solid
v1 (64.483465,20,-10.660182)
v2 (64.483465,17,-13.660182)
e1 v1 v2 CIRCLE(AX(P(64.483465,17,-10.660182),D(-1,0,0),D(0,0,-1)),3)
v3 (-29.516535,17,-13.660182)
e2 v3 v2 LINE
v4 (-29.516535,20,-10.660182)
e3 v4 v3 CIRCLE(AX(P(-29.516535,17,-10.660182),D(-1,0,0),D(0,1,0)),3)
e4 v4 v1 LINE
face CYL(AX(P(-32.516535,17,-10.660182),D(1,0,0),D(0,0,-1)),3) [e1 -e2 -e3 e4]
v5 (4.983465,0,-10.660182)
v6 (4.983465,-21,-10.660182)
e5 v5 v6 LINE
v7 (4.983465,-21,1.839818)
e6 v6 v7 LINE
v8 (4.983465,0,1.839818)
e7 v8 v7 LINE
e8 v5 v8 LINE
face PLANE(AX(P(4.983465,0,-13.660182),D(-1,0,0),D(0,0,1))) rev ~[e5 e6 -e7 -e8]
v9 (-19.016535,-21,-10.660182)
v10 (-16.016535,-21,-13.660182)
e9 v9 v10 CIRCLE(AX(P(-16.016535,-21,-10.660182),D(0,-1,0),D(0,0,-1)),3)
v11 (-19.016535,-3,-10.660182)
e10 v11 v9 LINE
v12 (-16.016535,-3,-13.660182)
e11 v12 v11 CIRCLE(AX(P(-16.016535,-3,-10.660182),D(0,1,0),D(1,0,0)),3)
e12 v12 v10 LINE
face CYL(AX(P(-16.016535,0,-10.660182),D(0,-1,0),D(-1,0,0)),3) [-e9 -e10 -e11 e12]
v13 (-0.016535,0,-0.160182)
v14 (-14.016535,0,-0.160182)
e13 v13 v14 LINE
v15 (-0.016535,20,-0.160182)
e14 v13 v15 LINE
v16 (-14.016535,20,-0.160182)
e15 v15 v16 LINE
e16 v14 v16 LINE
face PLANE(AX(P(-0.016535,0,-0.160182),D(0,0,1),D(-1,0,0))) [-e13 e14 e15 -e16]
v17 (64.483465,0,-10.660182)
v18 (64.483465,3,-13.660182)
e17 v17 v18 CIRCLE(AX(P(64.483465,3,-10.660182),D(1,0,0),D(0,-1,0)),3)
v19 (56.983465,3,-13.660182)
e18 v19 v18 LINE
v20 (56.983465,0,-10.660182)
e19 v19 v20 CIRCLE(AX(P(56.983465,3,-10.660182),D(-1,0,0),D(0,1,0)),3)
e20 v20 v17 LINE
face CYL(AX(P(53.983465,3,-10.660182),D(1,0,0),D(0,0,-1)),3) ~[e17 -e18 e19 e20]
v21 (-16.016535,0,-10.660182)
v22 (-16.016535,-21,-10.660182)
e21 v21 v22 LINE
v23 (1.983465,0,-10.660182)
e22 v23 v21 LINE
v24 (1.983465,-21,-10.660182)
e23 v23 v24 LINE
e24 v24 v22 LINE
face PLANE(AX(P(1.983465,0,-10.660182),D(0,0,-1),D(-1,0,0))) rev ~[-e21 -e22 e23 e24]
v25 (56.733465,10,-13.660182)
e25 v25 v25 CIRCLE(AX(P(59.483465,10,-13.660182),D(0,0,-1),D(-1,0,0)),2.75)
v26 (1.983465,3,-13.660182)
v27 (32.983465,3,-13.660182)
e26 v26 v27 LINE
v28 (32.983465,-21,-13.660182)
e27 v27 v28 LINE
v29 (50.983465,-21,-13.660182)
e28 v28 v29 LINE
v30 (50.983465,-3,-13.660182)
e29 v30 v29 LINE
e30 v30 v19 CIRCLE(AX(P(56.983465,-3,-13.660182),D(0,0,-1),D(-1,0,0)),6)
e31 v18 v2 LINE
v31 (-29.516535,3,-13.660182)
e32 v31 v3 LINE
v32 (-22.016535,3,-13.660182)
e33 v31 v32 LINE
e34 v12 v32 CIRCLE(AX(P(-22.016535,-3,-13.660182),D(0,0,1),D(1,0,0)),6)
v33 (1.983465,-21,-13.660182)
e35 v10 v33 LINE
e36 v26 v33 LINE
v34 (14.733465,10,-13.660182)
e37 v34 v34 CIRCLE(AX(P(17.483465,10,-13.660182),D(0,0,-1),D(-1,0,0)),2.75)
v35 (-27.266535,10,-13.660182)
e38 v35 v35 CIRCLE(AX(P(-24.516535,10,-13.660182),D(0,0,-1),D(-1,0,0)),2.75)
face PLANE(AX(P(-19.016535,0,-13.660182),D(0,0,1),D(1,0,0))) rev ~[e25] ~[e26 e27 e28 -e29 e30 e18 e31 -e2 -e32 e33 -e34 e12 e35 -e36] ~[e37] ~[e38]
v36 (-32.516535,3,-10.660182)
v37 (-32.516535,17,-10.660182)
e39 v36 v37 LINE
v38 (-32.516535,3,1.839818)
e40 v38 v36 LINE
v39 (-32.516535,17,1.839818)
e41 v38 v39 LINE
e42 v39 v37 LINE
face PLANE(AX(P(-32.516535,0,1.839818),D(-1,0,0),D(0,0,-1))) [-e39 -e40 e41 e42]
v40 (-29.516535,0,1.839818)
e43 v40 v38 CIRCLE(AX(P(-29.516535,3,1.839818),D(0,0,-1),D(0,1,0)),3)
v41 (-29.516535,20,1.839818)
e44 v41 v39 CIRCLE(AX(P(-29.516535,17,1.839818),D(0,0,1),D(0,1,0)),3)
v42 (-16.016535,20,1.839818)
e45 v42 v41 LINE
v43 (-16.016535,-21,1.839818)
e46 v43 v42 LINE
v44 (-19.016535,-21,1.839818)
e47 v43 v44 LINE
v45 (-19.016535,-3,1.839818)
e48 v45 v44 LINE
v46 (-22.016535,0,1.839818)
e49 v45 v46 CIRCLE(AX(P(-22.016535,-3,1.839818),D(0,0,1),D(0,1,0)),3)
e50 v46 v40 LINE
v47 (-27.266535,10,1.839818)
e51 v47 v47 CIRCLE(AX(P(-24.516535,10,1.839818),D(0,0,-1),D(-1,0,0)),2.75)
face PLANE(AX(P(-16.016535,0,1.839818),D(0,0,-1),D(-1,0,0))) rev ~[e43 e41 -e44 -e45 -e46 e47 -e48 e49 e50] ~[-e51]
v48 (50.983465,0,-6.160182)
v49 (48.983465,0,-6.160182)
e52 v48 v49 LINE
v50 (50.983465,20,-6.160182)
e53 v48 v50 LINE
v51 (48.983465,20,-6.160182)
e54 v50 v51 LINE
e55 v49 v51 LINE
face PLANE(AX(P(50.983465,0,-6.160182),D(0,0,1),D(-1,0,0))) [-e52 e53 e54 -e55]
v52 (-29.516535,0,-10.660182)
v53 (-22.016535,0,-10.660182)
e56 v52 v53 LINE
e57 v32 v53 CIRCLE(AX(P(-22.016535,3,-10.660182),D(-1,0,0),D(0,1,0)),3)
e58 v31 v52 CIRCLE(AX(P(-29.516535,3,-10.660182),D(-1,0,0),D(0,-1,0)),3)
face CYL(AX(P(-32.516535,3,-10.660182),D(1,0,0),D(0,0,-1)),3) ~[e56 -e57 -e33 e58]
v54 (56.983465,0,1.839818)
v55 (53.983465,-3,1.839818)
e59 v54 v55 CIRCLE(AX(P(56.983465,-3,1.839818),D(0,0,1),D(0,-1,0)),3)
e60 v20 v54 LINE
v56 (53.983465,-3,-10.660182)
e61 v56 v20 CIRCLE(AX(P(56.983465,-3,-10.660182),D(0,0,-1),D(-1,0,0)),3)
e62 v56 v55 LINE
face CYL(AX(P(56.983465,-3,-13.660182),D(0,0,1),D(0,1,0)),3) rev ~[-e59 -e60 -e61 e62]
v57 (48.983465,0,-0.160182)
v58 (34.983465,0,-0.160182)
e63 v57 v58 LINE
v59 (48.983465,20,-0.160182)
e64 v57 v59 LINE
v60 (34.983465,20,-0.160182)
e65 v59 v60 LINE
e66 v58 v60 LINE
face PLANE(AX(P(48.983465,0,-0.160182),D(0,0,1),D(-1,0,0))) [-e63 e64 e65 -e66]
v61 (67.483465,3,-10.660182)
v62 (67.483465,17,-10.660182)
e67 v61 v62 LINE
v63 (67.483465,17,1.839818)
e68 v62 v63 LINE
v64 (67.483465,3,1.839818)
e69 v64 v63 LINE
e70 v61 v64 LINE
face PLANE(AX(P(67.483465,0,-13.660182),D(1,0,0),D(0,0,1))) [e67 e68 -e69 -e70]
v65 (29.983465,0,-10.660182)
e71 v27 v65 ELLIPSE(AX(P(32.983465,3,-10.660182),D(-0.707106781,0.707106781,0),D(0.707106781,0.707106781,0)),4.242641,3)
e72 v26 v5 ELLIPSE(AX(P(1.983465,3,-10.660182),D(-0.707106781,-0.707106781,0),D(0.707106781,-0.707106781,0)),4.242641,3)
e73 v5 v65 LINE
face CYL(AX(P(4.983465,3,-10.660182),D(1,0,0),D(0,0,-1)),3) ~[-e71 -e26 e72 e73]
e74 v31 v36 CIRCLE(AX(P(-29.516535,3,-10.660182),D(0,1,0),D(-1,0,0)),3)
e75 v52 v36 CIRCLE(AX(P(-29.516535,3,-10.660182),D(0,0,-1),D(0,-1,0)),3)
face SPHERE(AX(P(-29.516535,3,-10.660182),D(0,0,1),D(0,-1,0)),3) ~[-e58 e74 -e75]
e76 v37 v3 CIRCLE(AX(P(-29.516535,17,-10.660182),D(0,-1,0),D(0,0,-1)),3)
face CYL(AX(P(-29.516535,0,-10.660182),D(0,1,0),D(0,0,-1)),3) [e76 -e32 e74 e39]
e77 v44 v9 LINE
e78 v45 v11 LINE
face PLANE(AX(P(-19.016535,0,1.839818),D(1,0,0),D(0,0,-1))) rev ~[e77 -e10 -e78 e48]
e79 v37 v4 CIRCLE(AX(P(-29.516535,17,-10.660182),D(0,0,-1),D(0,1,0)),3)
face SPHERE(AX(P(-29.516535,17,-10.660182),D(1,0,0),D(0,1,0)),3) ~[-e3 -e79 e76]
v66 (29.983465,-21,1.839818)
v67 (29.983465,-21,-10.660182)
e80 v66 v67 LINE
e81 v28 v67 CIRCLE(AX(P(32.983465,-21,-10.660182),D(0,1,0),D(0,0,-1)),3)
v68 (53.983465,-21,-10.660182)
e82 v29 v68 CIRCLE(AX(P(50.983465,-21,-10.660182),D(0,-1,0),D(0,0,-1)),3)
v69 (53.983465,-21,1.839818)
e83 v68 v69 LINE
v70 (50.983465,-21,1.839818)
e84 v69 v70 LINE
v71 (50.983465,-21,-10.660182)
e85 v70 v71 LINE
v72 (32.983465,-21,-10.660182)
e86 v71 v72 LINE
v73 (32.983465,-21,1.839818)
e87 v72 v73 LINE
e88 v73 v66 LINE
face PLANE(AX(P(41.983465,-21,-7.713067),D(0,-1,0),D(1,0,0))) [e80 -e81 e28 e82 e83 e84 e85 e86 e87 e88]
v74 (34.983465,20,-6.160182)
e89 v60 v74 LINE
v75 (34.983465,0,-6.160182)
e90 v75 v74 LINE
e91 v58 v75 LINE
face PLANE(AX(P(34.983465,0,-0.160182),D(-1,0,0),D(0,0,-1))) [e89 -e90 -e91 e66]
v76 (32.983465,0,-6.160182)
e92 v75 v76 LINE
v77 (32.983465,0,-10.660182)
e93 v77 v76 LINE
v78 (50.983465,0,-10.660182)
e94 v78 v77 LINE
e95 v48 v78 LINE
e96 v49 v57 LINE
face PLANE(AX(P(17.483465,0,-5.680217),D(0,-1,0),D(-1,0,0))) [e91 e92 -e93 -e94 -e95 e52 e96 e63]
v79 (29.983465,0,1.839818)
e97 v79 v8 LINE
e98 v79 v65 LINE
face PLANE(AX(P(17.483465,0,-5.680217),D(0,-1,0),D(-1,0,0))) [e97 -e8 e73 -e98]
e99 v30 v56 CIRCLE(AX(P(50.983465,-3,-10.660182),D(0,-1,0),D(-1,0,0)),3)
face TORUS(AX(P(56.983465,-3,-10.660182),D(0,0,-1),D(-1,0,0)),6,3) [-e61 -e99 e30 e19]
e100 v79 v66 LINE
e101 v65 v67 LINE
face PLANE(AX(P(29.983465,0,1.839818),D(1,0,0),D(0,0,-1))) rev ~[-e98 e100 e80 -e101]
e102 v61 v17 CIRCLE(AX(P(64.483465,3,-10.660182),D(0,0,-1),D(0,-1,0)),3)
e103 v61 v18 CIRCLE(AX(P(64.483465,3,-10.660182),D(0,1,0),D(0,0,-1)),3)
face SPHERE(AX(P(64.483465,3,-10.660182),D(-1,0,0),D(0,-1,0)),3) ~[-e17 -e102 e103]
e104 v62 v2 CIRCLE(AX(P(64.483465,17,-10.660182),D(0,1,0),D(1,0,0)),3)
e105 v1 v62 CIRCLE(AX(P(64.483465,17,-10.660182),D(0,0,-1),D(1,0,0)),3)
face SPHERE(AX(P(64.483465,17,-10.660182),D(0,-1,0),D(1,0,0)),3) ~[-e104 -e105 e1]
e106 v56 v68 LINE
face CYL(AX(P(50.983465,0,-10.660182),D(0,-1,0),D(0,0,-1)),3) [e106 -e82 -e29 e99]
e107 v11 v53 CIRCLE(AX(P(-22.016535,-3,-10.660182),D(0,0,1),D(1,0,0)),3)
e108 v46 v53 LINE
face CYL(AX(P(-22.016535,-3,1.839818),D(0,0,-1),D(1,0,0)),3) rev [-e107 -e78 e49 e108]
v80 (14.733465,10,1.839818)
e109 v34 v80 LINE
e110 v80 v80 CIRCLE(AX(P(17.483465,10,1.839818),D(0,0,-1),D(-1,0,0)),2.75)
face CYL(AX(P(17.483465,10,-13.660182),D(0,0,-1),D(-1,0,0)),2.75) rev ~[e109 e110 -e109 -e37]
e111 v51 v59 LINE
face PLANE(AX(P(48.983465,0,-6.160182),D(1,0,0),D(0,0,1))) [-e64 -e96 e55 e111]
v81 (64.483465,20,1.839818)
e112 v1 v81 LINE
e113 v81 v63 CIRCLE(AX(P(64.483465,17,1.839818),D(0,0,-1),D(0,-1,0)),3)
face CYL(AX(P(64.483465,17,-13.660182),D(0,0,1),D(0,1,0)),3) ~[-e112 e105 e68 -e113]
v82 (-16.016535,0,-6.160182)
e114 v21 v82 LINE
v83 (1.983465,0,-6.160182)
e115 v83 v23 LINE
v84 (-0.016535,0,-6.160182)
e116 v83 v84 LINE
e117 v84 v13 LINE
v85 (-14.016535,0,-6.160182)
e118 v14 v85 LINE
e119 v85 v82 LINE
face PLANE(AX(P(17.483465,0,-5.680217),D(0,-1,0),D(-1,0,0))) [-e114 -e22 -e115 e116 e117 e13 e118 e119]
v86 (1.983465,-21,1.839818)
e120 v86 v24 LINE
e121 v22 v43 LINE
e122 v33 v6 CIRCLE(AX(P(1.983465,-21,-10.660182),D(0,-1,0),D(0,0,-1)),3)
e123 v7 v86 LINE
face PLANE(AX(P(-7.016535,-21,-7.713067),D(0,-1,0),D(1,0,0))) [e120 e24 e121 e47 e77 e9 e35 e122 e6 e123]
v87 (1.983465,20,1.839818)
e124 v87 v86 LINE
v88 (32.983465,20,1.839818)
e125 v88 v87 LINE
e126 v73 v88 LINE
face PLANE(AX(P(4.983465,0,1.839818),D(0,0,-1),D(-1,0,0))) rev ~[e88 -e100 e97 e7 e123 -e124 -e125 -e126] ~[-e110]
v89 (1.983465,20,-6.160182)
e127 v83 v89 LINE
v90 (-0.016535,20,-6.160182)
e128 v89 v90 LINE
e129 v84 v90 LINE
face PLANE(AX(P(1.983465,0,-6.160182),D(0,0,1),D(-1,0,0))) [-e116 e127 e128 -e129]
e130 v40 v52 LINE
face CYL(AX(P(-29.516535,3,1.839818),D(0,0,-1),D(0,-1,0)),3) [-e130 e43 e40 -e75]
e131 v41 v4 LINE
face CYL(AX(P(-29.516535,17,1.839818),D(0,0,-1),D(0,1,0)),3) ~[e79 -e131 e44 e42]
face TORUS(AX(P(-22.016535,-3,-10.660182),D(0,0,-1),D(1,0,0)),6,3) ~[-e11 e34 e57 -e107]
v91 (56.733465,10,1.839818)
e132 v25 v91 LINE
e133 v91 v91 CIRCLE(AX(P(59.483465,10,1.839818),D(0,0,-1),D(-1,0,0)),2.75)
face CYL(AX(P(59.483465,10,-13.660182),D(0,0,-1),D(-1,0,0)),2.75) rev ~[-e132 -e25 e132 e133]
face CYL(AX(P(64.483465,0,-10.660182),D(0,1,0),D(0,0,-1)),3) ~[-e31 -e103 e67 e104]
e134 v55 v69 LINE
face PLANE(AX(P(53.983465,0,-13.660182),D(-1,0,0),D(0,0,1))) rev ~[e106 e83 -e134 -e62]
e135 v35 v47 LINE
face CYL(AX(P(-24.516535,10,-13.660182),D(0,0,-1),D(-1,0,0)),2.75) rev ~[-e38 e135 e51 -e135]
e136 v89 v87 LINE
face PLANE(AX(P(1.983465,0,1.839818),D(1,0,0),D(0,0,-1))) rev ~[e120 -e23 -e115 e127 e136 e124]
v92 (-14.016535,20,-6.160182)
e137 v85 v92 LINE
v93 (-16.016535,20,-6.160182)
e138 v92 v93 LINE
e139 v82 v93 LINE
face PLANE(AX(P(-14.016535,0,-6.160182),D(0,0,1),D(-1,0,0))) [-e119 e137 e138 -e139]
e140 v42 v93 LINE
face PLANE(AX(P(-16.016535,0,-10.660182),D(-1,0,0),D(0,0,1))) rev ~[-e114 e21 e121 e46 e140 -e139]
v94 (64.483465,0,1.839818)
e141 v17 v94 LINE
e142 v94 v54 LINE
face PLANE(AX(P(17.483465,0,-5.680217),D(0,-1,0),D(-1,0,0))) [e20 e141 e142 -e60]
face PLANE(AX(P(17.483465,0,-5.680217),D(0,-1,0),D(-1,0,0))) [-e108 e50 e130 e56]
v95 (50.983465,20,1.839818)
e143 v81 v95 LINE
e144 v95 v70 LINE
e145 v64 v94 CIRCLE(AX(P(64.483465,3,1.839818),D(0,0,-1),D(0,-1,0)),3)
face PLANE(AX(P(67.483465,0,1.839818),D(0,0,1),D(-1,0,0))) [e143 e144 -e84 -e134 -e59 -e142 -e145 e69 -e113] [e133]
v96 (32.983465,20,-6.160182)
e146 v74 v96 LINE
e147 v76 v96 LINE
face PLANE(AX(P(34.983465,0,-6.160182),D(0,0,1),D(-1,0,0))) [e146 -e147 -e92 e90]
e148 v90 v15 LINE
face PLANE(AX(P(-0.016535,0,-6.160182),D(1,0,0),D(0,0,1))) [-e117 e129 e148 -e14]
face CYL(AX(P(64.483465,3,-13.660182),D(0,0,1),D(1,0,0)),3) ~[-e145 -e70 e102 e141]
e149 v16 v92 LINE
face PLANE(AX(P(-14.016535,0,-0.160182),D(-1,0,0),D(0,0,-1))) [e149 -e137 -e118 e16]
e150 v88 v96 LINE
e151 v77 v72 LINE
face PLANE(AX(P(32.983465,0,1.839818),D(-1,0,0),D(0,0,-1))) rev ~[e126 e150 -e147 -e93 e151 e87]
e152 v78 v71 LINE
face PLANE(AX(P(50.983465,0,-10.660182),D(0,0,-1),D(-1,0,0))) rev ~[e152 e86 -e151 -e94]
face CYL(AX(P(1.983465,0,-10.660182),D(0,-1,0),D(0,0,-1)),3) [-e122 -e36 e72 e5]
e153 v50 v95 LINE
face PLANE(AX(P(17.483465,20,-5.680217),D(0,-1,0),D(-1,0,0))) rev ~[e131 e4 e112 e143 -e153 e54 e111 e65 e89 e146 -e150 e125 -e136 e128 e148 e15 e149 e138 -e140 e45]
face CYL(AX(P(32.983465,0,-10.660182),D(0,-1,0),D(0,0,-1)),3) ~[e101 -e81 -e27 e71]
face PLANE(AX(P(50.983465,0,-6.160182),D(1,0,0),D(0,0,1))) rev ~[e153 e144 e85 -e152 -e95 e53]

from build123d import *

# Parameters (mm, degrees)
BOSS_EXTRUDE1_DEPTH = 20
EXTRUDE_THIN3_DEPTH = 21
SKETCH3_R           = 2.75
CUT_EXTRUDE1_DEPTH  = 73.35515227
FILLET2_R           = 3


with BuildPart() as part:
    # Sketch1 → Boss-Extrude1 (new body)
    with BuildSketch(Plane(origin=(0, 0, 0), x_dir=(1, 0, 0), z_dir=(0, 1, 0))):
        Polygon((-32.516534914, -1.83981797), (-32.516534914, 13.66018203), (67.483465086, 13.66018203), (67.483465086, -1.83981797), (50.983465086, -1.83981797), (50.983465086, 1.63642231), (50.983465086, 6.16018203), (48.983465086, 6.16018203), (48.983465086, 0.16018203), (34.983465086, 0.16018203), (34.983465086, 6.16018203), (32.983465086, 6.16018203), (32.983465086, 1.63642231), (32.983465086, -1.83981797), (1.983465086, -1.83981797), (1.983465086, 1.63642231), (1.983465086, 6.16018203), (-0.016534914, 6.16018203), (-0.016534914, 0.16018203), (-14.016534914, 0.16018203), (-14.016534914, 6.16018203), (-16.016534914, 6.16018203), (-16.016534914, 1.63642231), (-16.016534914, -1.83981797), align=None)
    extrude(amount=BOSS_EXTRUDE1_DEPTH)

    # Sketch2 → Extrude-Thin3 (add)
    with BuildSketch(Plane.XZ):
        Polygon((-19.016534914, 1.83981797), (-19.016534914, -13.66018203), (4.983465086, -13.66018203), (4.983465086, 1.83981797), (1.983465086, 1.83981797), (1.983465086, -10.66018203), (-16.016534914, -10.66018203), (-16.016534914, 1.83981797), align=None)
        Polygon((50.983465086, 1.83981797), (50.983465086, -10.66018203), (32.983465086, -10.66018203), (32.983465086, 1.83981797), (29.983465086, 1.83981797), (29.983465086, -13.66018203), (53.983465086, -13.66018203), (53.983465086, 1.83981797), align=None)
    extrude(amount=EXTRUDE_THIN3_DEPTH)

    # Sketch3 → Cut-Extrude1 (cut, through all)
    with BuildSketch(Plane(origin=(0, 0, -13.66018203), x_dir=(-1, 0, 0), z_dir=(0, 0, -1))):
        with Locations((24.516534914, 10)):
            Circle(SKETCH3_R)
        with Locations((-59.483465086, 10)):
            Circle(SKETCH3_R)
        with Locations((-17.483465086, 10)):
            Circle(SKETCH3_R)
    extrude(amount=-CUT_EXTRUDE1_DEPTH, mode=Mode.SUBTRACT)

    # Fillet2
    fillet2_edges = [part.edges().sort_by_distance(p)[0] for p in [
        (17.483465086, 0, -13.66018203),
        (29.983465086, -10.5, -13.66018203),
        (53.983465086, -10.5, -13.66018203),
        (60.733465086, 0, -13.66018203),
        (67.483465086, 0, -5.91018203),
        (67.483465086, 10, -13.66018203),
        (67.483465086, 20, -5.91018203),
        (17.483465086, 20, -13.66018203),
        (-32.516534914, 20, -5.91018203),
        (-32.516534914, 0, -5.91018203),
        (-19.016534914, 0, -5.91018203),
        (4.983465086, -10.5, -13.66018203),
        (-19.016534914, -10.5, -13.66018203),
        (-25.766534914, 0, -13.66018203),
        (-32.516534914, 10, -13.66018203),
        (53.983465086, 0, -5.91018203),
    ]]
    fillet(fillet2_edges, radius=FILLET2_R)


solid = part.part
